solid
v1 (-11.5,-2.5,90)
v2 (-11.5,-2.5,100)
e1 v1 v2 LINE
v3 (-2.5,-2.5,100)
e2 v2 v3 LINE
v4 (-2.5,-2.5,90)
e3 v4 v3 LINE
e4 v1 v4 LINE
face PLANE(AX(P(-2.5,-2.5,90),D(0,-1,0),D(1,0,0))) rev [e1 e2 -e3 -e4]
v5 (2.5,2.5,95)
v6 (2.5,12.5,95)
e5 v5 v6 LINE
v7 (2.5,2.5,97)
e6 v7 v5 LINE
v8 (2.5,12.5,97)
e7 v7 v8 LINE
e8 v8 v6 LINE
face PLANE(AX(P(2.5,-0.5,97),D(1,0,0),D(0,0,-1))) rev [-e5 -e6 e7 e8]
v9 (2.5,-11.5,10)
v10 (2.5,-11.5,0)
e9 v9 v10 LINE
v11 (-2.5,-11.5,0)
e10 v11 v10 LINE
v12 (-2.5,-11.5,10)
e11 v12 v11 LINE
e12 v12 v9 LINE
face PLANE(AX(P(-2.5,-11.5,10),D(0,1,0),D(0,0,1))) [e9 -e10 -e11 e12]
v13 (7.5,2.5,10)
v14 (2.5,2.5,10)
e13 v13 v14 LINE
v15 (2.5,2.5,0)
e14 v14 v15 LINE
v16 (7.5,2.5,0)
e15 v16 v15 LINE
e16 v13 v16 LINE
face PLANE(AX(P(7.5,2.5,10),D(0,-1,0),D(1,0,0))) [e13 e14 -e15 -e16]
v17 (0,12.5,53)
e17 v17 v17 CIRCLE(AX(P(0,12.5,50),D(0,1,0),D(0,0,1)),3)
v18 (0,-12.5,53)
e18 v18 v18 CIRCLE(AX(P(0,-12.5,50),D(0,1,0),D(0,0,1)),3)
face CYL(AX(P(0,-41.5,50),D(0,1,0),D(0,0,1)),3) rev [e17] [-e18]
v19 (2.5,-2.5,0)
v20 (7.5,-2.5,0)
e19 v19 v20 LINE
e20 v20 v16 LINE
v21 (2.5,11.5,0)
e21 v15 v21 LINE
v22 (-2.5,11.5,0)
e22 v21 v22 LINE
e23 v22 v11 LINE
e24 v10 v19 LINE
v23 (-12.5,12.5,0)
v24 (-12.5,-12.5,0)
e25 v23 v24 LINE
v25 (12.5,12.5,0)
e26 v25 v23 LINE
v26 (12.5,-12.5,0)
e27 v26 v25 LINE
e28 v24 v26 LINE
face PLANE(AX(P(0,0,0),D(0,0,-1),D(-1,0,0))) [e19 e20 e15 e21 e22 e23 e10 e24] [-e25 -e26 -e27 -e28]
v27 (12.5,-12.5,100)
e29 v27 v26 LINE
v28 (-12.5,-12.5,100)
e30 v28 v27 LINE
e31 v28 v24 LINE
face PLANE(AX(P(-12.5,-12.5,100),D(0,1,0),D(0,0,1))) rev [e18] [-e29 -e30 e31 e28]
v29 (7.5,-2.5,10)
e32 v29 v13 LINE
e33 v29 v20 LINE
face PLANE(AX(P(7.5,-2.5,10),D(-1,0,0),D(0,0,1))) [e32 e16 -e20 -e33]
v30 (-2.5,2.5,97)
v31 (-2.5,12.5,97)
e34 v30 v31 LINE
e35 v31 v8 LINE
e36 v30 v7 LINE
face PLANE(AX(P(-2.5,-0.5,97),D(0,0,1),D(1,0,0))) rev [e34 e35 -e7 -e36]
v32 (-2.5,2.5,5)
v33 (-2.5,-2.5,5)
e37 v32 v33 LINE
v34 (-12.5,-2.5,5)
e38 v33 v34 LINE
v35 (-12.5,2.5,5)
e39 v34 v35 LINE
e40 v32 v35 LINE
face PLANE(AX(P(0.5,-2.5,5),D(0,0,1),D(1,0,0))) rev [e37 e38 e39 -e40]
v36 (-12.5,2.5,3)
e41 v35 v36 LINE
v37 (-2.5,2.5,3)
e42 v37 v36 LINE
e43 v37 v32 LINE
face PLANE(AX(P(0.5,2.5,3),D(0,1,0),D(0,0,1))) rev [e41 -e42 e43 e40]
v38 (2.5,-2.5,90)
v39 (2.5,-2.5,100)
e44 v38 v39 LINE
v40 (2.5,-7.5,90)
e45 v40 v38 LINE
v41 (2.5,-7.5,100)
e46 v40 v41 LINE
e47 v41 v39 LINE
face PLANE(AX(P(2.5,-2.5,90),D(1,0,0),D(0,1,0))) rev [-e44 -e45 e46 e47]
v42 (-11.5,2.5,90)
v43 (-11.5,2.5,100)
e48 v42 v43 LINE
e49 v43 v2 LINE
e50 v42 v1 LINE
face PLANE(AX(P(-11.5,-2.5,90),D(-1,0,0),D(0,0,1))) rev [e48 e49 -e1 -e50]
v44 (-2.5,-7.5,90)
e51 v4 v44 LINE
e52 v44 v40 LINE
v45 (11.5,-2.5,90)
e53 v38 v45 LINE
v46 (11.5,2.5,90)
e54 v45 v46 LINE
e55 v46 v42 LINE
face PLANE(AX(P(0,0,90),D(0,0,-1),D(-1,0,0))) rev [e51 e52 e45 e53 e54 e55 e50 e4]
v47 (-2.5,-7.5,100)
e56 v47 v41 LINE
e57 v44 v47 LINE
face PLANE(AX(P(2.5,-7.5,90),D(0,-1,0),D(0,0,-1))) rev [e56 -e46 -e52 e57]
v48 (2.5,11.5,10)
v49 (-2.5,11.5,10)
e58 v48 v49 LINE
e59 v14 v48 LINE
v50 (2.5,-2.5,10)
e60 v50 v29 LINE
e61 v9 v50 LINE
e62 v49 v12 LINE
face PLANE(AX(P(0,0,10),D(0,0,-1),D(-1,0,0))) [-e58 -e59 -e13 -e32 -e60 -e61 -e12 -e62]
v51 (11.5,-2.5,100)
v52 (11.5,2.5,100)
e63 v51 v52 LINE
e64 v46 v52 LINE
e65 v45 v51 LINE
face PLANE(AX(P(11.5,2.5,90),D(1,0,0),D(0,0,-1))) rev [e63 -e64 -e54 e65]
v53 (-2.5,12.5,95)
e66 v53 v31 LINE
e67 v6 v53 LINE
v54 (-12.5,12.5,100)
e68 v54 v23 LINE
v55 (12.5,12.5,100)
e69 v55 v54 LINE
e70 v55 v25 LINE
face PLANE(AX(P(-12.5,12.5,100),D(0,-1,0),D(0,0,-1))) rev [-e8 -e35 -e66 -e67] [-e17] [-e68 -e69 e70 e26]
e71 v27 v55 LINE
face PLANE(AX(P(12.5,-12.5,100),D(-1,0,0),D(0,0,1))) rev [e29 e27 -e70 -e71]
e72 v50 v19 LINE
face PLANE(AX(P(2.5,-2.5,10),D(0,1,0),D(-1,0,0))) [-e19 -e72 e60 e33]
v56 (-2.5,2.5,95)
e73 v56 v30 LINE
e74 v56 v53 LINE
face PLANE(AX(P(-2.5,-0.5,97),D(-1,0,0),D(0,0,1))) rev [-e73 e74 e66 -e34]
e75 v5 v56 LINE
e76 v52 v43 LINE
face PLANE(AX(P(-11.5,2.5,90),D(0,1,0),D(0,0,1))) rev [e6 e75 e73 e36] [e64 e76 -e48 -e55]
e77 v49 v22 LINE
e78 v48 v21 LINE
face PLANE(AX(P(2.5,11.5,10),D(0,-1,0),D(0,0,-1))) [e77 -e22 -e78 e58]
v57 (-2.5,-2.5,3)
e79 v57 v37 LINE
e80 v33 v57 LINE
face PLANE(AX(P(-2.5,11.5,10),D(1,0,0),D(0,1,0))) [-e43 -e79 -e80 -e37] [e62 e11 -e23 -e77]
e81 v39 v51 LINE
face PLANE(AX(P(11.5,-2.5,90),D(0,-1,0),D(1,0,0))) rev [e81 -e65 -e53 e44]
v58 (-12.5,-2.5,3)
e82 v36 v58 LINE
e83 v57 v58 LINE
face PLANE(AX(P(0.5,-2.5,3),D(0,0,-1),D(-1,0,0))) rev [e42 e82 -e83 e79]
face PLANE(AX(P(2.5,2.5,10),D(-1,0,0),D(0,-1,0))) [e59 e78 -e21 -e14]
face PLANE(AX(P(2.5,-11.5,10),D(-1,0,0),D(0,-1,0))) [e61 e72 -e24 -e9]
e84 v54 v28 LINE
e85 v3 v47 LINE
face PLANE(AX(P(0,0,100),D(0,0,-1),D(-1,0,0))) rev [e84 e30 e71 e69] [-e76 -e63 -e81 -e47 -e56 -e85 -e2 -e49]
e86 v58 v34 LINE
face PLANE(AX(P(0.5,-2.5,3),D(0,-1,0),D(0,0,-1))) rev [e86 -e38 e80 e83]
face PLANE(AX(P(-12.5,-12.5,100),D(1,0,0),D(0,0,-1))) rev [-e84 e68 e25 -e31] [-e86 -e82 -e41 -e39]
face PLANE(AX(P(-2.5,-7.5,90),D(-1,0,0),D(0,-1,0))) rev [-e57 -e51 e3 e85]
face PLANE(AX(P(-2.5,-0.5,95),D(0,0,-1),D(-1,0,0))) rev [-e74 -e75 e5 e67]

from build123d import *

# Parameters (mm, degrees)
ESQUISSE1_W             = 25
ESQUISSE1_H             = 25
BOSS_EXTRU_1_DEPTH      = 100
ENL_V_MAT_EXTRU_2_DEPTH = 10
ESQUISSE9_R             = 3
ENL_V_MAT_EXTRU_4_DEPTH = 54
ENL_V_MAT_EXTRU_5_DEPTH = 10
ESQUISSE10_W            = 5
ESQUISSE10_H            = 2
ENL_V_MAT_EXTRU_6_DEPTH = 13
ESQUISSE11_W            = 2
ESQUISSE11_H            = 5
ENL_V_MAT_EXTRU_7_DEPTH = 13


with BuildPart() as part:
    # Esquisse1 → Boss.-Extru.1 (new body)
    with BuildSketch(Plane.XY):
        Rectangle(ESQUISSE1_W, ESQUISSE1_H)
    extrude(amount=BOSS_EXTRU_1_DEPTH)

    # Esquisse3 → Enlèv. mat.-Extru.2 (cut)
    with BuildSketch(Plane.XY.offset(100)):
        Polygon((-11.5, 2.5), (11.5, 2.5), (11.5, -2.5), (2.5, -2.5), (2.5, -7.5), (-2.5, -7.5), (-2.5, -2.5), (-11.5, -2.5), align=None)
    extrude(amount=-ENL_V_MAT_EXTRU_2_DEPTH, mode=Mode.SUBTRACT)

    # Esquisse9 → Enlèv. mat.-Extru.4 (cut)
    with BuildSketch(Plane(origin=(0, 12.5, 0), x_dir=(1, 0, 0), z_dir=(0, 1, 0))):
        with Locations(Location((0, -50, 0), (0, 0, 270))):
            Circle(ESQUISSE9_R)
    extrude(amount=-ENL_V_MAT_EXTRU_4_DEPTH, mode=Mode.SUBTRACT)

    # Esquisse4 → Enlèv. mat.-Extru.5 (cut)
    with BuildSketch(Plane.XY):
        Polygon((2.5, 11.5), (-2.5, 11.5), (-2.5, -11.5), (2.5, -11.5), (2.5, -2.5), (7.5, -2.5), (7.5, 2.5), (2.5, 2.5), align=None)
    extrude(amount=ENL_V_MAT_EXTRU_5_DEPTH, mode=Mode.SUBTRACT)

    # Esquisse10 → Enlèv. mat.-Extru.6 (cut)
    with BuildSketch(Plane(origin=(0, 12.5, 0), x_dir=(1, 0, 0), z_dir=(0, 1, 0))):
        with Locations((0, -96)):
            Rectangle(ESQUISSE10_W, ESQUISSE10_H)
    extrude(amount=-ENL_V_MAT_EXTRU_6_DEPTH, mode=Mode.SUBTRACT)

    # Esquisse11 → Enlèv. mat.-Extru.7 (cut)
    with BuildSketch(Plane.ZY.offset(12.5)):
        with Locations((4, 0)):
            Rectangle(ESQUISSE11_W, ESQUISSE11_H)
    extrude(amount=-ENL_V_MAT_EXTRU_7_DEPTH, mode=Mode.SUBTRACT)


solid = part.part
